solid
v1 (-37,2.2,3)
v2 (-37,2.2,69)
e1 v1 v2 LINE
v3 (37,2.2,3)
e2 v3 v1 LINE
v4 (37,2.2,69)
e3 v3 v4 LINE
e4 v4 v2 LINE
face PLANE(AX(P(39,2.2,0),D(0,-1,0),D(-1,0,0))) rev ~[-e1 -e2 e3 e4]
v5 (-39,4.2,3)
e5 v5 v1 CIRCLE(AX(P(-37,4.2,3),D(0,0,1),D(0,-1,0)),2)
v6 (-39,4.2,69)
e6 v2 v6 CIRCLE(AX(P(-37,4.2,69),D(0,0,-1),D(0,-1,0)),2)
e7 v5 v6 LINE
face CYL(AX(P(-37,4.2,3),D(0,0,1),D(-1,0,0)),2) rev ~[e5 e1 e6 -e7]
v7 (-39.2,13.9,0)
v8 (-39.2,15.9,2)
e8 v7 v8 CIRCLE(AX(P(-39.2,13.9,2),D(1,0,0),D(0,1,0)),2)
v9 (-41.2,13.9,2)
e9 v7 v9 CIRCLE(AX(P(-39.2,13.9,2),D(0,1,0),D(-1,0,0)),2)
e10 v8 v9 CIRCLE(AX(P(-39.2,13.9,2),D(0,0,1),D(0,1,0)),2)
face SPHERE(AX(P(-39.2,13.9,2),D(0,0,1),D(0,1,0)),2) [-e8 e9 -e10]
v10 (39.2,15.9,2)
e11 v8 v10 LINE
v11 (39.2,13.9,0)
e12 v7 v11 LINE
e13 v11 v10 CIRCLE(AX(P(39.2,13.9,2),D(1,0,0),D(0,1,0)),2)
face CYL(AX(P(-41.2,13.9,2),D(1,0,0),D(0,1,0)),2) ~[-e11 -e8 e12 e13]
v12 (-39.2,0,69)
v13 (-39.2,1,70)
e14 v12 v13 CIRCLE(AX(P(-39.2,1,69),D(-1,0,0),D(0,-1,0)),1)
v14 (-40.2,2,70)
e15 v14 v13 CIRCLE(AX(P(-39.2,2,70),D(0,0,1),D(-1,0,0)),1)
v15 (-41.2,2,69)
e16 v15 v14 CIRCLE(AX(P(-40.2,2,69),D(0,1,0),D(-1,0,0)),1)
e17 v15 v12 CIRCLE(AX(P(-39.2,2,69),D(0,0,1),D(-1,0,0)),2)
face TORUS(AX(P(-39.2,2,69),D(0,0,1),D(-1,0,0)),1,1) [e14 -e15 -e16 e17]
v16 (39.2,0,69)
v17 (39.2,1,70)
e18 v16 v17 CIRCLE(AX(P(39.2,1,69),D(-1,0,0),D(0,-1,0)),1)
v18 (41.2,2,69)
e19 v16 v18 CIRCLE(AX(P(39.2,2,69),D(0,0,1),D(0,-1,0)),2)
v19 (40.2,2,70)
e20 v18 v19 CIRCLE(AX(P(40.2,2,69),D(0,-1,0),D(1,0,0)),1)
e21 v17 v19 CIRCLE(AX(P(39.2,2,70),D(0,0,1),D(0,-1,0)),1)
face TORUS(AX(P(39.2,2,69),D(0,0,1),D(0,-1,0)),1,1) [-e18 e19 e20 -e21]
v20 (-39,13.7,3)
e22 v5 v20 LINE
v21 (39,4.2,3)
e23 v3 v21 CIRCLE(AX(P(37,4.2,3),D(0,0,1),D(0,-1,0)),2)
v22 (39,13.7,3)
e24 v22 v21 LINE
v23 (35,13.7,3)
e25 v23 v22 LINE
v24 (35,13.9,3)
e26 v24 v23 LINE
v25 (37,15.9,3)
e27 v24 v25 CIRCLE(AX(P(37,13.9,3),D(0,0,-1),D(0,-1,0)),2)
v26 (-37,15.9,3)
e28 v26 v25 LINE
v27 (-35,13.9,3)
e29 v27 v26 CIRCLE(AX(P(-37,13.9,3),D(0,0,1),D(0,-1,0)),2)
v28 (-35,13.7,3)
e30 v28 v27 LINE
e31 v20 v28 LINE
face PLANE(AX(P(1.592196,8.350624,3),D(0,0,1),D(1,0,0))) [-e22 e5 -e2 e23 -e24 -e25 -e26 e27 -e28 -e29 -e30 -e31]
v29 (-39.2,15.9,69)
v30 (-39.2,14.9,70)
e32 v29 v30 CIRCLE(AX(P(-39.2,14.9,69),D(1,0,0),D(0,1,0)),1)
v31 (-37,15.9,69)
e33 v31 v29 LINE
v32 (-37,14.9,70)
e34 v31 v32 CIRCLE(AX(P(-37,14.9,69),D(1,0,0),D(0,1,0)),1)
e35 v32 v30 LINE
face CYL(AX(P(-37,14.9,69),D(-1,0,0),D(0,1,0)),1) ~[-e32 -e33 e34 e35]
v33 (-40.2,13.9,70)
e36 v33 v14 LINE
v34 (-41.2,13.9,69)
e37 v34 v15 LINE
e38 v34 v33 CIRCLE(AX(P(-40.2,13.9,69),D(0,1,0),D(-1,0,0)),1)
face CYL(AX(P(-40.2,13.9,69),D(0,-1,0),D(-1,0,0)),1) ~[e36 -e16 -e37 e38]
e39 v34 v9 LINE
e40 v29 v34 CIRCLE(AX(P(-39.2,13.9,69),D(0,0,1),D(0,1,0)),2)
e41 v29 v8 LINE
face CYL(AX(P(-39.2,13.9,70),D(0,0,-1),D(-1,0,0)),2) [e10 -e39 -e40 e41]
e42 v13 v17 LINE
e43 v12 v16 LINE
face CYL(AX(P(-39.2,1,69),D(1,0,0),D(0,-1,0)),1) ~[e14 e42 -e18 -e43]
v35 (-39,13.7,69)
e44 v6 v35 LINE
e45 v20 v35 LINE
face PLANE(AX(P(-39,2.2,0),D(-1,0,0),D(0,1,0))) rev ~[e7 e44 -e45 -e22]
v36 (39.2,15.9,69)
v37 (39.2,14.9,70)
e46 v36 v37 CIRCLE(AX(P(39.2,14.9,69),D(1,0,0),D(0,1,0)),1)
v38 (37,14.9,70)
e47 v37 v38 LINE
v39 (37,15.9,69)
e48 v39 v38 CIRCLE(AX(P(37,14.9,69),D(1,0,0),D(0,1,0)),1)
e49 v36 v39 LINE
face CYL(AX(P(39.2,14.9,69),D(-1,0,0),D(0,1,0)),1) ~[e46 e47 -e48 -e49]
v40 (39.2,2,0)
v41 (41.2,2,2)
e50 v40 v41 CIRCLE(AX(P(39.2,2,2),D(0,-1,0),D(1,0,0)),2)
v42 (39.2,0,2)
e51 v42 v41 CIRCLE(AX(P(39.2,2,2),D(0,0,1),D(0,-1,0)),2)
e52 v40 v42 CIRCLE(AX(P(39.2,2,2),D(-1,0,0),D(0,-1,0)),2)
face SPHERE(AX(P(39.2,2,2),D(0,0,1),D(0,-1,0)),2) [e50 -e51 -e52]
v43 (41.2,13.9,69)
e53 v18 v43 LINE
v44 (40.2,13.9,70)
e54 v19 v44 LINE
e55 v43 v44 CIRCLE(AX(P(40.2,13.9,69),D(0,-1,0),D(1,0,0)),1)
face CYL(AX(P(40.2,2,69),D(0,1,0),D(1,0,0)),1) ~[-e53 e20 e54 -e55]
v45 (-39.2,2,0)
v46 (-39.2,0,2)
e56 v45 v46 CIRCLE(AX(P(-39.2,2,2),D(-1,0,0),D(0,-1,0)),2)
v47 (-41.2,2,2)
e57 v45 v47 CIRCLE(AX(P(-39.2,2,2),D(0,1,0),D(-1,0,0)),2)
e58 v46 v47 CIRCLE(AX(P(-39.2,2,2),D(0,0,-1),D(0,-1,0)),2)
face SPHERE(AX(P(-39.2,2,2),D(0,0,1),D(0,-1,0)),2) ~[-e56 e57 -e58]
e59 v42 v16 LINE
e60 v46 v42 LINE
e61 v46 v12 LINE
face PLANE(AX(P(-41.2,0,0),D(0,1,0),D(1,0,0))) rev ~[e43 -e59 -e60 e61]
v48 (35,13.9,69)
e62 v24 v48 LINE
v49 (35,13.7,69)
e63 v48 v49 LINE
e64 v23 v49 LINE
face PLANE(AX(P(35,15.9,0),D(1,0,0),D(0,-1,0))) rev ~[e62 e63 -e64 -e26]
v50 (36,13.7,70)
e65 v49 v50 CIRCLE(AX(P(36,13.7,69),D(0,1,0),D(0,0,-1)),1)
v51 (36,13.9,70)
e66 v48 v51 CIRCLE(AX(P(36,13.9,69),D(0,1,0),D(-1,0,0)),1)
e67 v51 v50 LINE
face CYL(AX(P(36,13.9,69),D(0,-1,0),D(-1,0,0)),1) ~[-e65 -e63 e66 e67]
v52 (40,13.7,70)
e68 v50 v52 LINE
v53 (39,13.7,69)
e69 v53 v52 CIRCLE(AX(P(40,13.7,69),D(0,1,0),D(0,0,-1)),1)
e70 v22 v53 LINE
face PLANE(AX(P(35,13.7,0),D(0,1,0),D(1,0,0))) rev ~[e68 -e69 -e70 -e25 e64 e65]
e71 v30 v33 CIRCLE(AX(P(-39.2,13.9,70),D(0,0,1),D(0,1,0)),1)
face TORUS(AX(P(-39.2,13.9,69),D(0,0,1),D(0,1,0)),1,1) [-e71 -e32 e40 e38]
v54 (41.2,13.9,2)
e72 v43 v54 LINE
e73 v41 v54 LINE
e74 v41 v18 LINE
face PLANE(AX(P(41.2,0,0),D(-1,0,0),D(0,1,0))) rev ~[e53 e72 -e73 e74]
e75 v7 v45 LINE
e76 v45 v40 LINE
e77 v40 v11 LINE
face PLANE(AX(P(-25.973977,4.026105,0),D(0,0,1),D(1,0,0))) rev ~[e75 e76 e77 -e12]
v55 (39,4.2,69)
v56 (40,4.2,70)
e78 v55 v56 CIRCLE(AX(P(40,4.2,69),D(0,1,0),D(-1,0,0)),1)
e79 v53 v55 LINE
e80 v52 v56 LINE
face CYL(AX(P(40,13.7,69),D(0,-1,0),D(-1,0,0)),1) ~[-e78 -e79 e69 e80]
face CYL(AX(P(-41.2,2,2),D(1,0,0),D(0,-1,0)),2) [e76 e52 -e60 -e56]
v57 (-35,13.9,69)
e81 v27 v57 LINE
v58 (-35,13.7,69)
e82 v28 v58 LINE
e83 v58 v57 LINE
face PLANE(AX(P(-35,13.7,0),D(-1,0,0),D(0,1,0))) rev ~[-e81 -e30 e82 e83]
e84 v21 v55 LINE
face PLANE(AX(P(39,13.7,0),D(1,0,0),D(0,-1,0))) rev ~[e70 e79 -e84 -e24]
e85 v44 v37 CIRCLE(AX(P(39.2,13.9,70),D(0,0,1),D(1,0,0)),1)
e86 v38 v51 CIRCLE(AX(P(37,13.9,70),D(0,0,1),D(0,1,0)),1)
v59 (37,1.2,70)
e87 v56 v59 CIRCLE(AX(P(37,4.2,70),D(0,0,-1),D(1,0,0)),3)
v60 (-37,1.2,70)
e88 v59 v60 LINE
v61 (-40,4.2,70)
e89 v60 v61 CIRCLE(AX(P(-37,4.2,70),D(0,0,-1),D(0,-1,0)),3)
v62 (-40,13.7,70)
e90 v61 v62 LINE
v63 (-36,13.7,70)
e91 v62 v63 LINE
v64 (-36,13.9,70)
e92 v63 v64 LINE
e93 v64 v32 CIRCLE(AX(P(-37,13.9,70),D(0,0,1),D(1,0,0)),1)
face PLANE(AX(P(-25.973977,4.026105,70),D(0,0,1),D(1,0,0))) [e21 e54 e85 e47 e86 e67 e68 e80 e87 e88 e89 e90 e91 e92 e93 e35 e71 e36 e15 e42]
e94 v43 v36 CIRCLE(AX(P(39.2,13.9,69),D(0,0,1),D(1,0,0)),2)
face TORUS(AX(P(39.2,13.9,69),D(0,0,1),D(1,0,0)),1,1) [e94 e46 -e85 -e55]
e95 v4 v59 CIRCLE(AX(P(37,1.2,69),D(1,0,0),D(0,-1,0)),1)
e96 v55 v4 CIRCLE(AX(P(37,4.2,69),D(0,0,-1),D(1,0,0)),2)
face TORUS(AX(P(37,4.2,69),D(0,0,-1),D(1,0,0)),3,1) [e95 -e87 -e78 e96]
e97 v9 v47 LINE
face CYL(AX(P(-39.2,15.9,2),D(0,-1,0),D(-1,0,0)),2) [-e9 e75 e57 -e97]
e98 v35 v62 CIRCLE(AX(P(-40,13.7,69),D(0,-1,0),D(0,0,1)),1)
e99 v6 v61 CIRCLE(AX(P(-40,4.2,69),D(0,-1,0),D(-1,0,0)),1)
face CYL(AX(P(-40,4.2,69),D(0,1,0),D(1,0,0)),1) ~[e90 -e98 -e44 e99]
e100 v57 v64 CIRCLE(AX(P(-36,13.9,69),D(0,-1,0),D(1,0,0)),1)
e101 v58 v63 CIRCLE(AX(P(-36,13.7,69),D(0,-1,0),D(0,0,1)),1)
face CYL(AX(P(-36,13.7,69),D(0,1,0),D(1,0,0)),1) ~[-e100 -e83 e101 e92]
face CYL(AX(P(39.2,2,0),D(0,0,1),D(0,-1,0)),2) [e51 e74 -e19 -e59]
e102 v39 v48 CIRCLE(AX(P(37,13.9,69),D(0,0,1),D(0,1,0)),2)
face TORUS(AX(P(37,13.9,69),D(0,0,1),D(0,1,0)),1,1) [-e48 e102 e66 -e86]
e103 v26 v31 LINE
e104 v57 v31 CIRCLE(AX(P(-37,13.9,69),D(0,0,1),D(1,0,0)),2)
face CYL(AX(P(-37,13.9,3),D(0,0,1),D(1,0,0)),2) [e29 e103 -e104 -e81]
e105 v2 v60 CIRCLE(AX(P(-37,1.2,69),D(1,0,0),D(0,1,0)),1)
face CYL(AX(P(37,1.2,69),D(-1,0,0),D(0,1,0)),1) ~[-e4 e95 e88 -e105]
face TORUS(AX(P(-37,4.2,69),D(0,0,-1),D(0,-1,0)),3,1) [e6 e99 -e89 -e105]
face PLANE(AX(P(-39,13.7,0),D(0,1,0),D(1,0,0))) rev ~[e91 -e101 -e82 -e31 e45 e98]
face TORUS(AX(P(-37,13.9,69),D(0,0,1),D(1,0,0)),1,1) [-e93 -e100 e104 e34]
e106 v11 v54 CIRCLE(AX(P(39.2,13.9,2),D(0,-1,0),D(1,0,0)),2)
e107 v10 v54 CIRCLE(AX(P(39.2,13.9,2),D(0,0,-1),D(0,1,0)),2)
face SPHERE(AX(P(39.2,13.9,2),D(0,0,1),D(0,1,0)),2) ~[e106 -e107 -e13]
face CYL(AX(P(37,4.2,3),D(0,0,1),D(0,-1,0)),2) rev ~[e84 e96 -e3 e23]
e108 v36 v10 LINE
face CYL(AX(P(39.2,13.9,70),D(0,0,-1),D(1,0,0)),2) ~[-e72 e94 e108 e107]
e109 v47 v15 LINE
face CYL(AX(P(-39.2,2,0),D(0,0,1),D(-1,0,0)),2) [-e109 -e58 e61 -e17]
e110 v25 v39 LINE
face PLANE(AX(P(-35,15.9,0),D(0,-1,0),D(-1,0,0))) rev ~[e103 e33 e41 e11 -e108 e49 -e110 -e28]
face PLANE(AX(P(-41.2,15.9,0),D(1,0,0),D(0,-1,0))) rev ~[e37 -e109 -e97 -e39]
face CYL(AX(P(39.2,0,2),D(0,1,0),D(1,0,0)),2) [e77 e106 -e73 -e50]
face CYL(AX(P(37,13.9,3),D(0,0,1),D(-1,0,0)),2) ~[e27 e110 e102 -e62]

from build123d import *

# Parameters (mm, degrees)
F1_DEPTH = 70
F3_DEPTH = 3
F4_R     = 2
F5_R     = 1


with BuildPart() as f1:
    # F0 (on Top) → F1 (new body)
    with BuildSketch(Plane.XY):
        Polygon((-41.2, 0), (0, 0), (0, 2.2), (-39, 2.2), (-39, 13.7), (-35, 13.7), (-35, 15.9), (-41.2, 15.9), align=None)
        Polygon((0, 2.2), (0, 0), (41.2, 0), (41.2, 14.6), (41.2, 15.9), (35, 15.9), (35, 13.7), (39, 13.7), (39, 2.2), align=None)
    extrude(amount=F1_DEPTH)

    # F2 (on face) → F3 (join)
    with BuildSketch(Plane.XY):
        Polygon((0, 0), (41.2, 0), (41.2, 15.9), (-35, 15.9), (-35, 13.7), (-39, 13.7), (-39, 2.2), (0, 2.2), align=None)
        Polygon((-41.2, 0), (0, 0), (0, 2.2), (-39, 2.2), (-39, 13.7), (-35, 13.7), (-35, 15.9), (-41.2, 15.9), align=None)
    extrude(amount=F3_DEPTH)

    # F4
    f4_edges = [f1.edges().sort_by_distance(p)[0] for p in [
        (41.2, 0, 35),
        (41.2, 15.9, 35),
        (35, 15.9, 36.5),
        (39, 2.2, 36.5),
        (-35, 15.9, 36.5),
        (-39, 2.2, 36.5),
        (-41.2, 15.9, 35),
        (-41.2, 0, 35),
        (0, 0, 0),
        (0, 15.9, 0),
        (-41.2, 7.95, 0),
        (41.2, 7.95, 0),
    ]]
    fillet(f4_edges, radius=F4_R)

    # F5
    f5_edges = [f1.edges().sort_by_distance(p)[0] for p in [
        (0, 2.2, 70),
        (0, 0, 70),
    ]]
    fillet(f5_edges, radius=F5_R)


solid = f1.part
